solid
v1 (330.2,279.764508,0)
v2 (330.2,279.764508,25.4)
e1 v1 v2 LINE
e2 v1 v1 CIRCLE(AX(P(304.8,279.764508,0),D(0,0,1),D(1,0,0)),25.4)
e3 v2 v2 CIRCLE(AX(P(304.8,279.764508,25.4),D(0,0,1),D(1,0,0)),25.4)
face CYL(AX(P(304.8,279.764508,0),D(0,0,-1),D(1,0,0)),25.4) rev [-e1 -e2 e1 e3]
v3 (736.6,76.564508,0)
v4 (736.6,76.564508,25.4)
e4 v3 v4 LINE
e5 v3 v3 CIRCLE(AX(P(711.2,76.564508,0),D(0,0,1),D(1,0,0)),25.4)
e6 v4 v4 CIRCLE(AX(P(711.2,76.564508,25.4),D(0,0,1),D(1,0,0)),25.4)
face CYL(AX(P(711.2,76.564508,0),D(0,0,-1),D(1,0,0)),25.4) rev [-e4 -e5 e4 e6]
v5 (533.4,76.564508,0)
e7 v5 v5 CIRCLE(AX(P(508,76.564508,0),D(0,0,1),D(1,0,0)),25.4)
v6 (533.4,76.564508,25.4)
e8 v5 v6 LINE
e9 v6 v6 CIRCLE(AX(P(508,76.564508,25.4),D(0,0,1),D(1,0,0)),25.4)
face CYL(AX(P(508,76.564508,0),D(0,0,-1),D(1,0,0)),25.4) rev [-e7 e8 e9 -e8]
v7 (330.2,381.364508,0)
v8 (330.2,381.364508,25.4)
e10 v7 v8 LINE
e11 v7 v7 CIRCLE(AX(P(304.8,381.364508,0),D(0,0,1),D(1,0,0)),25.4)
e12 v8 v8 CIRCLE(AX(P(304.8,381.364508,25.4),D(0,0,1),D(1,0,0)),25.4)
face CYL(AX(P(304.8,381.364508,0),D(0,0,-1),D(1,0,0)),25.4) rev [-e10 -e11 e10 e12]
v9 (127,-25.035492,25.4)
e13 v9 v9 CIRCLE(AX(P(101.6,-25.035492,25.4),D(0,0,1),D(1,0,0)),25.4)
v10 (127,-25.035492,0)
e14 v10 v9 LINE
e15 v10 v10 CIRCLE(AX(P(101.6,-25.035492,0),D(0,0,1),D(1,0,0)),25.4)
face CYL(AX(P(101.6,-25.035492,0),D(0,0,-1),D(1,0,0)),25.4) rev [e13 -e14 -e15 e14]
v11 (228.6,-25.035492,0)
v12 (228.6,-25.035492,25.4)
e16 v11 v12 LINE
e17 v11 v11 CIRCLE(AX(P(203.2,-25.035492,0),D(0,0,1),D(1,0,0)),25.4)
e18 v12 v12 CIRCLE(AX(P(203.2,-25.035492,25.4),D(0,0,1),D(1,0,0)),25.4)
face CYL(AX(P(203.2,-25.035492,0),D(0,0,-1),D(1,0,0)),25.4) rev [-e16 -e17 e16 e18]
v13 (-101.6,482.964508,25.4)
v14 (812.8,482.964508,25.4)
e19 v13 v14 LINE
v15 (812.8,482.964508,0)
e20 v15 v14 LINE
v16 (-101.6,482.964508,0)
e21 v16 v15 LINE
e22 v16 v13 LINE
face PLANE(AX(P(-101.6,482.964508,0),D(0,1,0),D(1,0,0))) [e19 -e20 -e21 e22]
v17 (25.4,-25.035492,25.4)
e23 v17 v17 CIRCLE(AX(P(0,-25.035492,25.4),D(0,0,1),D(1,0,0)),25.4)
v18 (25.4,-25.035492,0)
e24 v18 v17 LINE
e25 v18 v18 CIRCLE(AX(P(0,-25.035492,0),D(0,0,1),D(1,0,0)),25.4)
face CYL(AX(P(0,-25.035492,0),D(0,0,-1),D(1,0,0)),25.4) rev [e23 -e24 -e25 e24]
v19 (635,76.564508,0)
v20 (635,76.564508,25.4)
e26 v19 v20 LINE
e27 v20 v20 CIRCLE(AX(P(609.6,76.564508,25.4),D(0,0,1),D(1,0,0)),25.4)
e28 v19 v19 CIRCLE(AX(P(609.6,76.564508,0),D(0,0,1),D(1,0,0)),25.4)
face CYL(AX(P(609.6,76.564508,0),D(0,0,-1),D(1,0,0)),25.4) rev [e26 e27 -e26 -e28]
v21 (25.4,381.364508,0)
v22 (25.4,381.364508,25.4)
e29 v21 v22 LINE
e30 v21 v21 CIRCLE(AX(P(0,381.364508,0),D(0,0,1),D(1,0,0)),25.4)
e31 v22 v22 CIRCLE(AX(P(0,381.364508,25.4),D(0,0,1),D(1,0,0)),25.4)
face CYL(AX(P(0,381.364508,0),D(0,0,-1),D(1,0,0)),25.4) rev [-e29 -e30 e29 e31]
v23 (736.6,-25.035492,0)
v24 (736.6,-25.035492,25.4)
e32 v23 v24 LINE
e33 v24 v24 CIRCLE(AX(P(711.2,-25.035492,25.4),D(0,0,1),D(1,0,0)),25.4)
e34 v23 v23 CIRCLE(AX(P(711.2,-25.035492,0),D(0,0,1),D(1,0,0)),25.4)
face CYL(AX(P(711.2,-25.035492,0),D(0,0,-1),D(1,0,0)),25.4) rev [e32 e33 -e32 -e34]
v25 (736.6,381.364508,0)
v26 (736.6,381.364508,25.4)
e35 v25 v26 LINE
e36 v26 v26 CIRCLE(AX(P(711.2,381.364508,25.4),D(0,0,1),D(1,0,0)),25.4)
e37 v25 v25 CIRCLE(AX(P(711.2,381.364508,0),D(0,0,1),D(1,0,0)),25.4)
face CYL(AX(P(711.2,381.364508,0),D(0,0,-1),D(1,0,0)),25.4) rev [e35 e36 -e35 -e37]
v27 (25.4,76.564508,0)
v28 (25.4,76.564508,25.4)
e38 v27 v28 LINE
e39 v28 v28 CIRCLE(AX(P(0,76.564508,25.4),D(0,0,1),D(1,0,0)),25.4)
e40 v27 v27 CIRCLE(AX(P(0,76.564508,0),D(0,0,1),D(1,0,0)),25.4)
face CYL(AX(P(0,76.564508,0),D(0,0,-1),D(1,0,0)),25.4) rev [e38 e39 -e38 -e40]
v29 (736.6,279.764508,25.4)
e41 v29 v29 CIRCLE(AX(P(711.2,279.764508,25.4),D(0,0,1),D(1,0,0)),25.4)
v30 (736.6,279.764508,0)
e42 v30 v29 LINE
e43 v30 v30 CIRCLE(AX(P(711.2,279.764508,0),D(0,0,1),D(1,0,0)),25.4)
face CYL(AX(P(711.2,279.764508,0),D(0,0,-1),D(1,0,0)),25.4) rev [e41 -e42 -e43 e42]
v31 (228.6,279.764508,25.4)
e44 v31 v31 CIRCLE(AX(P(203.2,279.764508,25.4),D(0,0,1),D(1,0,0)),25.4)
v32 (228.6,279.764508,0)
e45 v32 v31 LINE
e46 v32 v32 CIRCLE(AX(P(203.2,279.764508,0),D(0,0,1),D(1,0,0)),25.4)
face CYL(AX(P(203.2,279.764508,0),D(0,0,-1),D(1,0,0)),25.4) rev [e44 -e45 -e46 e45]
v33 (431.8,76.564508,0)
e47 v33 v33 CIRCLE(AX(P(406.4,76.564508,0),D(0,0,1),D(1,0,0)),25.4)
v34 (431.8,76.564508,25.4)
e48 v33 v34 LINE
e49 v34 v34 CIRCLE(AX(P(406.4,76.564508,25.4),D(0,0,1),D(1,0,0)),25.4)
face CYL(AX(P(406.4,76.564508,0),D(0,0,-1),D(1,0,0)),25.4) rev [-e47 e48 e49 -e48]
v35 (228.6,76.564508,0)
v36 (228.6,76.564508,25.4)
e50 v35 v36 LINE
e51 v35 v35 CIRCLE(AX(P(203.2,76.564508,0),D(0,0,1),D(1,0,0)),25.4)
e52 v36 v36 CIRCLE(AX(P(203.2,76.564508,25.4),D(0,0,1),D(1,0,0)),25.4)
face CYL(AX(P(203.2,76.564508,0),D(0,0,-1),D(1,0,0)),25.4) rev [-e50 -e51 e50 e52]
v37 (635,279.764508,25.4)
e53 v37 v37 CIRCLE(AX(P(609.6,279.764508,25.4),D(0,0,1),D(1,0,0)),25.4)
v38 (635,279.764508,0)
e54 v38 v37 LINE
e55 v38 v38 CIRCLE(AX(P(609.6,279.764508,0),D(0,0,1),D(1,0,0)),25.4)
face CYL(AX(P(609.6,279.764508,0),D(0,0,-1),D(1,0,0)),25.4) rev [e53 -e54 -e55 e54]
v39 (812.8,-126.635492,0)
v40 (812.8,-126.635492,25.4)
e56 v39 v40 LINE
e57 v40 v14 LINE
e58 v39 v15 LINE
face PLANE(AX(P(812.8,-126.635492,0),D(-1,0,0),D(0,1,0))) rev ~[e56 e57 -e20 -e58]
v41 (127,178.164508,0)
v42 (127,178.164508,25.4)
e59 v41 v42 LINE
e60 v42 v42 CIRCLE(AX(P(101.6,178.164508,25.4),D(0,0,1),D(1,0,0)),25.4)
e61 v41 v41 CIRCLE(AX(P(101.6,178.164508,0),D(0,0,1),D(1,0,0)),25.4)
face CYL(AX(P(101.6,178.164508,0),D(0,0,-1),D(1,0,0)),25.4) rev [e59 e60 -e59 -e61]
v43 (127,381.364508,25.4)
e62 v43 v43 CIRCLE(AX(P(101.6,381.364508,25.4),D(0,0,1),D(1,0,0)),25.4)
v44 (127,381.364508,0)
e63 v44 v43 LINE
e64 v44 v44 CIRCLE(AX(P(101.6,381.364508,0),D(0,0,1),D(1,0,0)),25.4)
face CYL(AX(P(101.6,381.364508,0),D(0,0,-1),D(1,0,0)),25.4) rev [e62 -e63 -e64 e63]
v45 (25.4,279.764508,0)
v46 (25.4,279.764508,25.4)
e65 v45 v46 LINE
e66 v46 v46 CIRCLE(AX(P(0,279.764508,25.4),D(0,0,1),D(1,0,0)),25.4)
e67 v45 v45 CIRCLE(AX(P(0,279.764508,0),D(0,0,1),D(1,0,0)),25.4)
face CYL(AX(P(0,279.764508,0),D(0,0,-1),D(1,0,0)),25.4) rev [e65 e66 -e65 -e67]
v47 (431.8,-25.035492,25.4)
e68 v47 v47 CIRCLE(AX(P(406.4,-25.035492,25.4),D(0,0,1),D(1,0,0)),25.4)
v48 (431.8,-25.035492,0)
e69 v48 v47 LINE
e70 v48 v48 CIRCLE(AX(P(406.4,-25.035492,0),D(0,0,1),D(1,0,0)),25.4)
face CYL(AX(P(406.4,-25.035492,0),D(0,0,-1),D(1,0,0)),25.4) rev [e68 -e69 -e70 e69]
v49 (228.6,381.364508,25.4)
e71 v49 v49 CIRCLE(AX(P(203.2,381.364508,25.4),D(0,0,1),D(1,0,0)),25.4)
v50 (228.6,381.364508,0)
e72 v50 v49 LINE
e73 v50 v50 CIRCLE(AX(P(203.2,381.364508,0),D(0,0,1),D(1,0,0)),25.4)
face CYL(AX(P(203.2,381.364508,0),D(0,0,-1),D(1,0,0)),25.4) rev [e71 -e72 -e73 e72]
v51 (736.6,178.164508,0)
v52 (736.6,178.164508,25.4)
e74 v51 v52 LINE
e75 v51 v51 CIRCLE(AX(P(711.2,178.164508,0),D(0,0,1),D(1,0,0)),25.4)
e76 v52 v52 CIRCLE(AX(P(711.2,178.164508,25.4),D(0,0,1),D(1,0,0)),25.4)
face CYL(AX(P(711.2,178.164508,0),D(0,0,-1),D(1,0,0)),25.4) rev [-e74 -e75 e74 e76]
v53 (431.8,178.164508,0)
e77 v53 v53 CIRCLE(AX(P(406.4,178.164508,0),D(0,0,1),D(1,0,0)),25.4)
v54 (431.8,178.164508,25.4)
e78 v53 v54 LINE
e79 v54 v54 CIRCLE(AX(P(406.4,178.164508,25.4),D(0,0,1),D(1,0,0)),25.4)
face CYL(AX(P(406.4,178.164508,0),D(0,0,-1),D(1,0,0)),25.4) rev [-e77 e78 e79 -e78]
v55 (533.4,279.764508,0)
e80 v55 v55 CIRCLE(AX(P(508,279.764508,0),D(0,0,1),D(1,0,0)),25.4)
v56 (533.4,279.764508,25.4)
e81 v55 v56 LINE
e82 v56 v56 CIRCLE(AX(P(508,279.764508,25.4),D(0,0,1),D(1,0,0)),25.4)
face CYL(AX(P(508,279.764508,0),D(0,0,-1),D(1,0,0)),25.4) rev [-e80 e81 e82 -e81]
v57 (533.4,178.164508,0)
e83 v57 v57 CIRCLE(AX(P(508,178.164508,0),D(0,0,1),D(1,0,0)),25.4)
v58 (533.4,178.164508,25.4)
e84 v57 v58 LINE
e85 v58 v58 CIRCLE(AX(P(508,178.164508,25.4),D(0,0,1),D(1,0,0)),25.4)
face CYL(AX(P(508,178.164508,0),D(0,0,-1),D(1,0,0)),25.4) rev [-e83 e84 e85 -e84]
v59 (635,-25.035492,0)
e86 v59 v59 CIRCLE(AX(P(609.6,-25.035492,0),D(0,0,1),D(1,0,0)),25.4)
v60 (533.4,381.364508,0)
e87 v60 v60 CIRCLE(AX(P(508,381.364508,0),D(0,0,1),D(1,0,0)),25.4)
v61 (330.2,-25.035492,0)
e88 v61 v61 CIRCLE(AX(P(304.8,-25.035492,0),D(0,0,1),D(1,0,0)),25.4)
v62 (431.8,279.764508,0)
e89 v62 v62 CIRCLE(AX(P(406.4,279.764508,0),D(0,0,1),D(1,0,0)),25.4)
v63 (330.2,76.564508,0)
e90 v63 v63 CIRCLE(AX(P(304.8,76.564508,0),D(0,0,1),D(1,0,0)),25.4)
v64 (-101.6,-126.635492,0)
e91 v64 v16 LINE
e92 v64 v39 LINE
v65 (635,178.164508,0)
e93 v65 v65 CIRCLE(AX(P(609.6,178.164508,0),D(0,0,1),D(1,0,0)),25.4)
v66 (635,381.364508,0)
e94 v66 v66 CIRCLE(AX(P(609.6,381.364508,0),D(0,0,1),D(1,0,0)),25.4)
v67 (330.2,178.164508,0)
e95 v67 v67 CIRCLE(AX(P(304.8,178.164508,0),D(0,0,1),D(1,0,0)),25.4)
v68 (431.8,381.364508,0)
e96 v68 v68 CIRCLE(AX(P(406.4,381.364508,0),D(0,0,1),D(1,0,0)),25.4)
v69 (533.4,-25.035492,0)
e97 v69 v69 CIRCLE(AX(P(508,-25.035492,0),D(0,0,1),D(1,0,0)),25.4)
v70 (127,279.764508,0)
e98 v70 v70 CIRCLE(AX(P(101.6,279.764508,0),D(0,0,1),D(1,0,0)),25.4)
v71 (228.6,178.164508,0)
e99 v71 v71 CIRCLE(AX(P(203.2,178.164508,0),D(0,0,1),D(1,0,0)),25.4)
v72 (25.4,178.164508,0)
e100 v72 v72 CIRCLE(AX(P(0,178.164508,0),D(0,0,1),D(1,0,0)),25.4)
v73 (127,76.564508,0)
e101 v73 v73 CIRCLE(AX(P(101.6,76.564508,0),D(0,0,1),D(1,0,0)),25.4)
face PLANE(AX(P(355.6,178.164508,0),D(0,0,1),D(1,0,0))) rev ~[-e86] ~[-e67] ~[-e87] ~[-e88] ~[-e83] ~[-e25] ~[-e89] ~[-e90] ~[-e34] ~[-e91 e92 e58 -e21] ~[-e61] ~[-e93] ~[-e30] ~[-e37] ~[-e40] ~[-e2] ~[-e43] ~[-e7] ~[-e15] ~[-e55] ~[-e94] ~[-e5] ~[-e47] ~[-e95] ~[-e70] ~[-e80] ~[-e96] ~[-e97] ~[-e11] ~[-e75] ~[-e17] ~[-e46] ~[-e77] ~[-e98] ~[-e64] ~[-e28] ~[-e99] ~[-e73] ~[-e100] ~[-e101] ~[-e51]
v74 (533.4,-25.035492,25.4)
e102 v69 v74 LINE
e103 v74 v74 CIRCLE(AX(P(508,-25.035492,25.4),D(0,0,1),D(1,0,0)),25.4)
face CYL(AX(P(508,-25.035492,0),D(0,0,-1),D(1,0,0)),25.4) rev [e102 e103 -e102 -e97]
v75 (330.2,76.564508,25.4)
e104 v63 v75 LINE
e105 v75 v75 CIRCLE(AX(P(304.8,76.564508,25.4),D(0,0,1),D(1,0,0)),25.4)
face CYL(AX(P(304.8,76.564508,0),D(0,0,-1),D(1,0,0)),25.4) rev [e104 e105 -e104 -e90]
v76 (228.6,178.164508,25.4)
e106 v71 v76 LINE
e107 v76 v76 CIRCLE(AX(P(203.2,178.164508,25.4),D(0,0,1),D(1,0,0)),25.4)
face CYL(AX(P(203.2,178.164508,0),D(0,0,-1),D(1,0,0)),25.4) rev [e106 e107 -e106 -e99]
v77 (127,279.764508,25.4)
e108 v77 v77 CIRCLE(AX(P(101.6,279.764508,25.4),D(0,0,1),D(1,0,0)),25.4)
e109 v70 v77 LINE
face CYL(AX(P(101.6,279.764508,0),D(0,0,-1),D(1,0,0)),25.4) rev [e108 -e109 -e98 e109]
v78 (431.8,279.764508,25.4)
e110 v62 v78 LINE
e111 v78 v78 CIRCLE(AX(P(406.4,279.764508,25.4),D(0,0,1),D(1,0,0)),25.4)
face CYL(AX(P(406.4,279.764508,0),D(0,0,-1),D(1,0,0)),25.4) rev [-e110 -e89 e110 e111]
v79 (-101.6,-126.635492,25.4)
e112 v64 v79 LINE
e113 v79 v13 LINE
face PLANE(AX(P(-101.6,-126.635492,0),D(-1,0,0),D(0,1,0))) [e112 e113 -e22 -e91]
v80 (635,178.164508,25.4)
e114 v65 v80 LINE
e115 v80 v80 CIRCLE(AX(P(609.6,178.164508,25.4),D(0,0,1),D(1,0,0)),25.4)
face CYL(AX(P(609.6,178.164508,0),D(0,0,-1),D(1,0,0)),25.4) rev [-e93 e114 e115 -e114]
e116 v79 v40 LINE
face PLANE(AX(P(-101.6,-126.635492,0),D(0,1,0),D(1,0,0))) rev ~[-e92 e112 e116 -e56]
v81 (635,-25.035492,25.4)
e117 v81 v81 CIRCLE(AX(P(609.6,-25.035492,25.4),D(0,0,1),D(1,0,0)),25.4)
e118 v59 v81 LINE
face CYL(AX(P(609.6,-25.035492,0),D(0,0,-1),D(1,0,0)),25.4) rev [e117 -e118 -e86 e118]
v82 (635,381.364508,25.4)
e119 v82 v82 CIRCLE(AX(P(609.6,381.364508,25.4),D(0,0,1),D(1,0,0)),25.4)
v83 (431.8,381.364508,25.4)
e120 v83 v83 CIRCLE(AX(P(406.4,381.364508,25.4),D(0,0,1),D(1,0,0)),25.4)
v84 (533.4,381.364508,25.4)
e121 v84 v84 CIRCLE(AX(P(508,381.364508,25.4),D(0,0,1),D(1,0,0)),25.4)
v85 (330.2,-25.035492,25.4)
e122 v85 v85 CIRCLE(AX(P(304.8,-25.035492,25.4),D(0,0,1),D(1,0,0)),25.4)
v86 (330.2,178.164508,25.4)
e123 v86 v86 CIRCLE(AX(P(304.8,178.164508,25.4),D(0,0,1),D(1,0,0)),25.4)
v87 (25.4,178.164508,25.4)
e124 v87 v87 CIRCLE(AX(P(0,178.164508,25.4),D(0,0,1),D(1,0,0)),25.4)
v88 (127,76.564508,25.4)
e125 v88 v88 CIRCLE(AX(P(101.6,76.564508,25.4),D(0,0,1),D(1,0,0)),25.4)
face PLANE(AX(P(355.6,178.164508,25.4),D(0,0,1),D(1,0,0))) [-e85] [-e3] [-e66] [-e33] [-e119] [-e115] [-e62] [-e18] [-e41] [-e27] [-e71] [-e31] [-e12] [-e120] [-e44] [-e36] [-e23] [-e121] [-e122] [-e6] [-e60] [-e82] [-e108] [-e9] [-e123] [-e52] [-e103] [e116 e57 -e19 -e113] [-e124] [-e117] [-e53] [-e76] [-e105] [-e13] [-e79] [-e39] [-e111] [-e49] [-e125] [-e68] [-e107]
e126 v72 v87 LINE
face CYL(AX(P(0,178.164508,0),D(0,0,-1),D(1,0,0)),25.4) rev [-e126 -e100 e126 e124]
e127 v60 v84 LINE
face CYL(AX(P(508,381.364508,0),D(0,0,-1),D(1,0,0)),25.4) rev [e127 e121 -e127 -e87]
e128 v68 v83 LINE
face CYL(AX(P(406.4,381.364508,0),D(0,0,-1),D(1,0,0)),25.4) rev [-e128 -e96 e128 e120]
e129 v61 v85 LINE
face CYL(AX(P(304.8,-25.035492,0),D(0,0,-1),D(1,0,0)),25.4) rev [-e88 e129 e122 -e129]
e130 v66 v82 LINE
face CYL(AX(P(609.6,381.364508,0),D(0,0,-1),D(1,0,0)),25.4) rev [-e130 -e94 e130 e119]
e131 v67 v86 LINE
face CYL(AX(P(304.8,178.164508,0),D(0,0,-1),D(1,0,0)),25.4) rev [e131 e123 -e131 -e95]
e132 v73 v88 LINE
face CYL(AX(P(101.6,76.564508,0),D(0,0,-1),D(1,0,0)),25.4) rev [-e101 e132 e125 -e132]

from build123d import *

# Parameters (mm, degrees)
F0_W     = 914.4
F0_H     = 609.6
F0_R     = 25.4
F1_DEPTH = 25.4


with BuildPart() as f1:
    # F0 (on Top) → F1 (new body)
    with BuildSketch(Plane.XY):
        with Locations((355.6, 178.164508)):
            Rectangle(F0_W, F0_H)
        with Locations((0, -25.035492)):
            Circle(F0_R, mode=Mode.SUBTRACT)
        with Locations((101.6, -25.035492)):
            Circle(F0_R, mode=Mode.SUBTRACT)
        with Locations((203.2, -25.035492)):
            Circle(F0_R, mode=Mode.SUBTRACT)
        with Locations((304.8, -25.035492)):
            Circle(F0_R, mode=Mode.SUBTRACT)
        with Locations((0, 76.564508)):
            Circle(F0_R, mode=Mode.SUBTRACT)
        with Locations((101.6, 76.564508)):
            Circle(F0_R, mode=Mode.SUBTRACT)
        with Locations((0, 178.164508)):
            Circle(F0_R, mode=Mode.SUBTRACT)
        with Locations((101.6, 178.164508)):
            Circle(F0_R, mode=Mode.SUBTRACT)
        with Locations((203.2, 76.564508)):
            Circle(F0_R, mode=Mode.SUBTRACT)
        with Locations((304.8, 76.564508)):
            Circle(F0_R, mode=Mode.SUBTRACT)
        with Locations((203.2, 178.164508)):
            Circle(F0_R, mode=Mode.SUBTRACT)
        with Locations((406.4, -25.035492)):
            Circle(F0_R, mode=Mode.SUBTRACT)
        with Locations((508, -25.035492)):
            Circle(F0_R, mode=Mode.SUBTRACT)
        with Locations((609.6, -25.035492)):
            Circle(F0_R, mode=Mode.SUBTRACT)
        with Locations((711.2, -25.035492)):
            Circle(F0_R, mode=Mode.SUBTRACT)
        with Locations((406.4, 76.564508)):
            Circle(F0_R, mode=Mode.SUBTRACT)
        with Locations((508, 76.564508)):
            Circle(F0_R, mode=Mode.SUBTRACT)
        with Locations((406.4, 178.164508)):
            Circle(F0_R, mode=Mode.SUBTRACT)
        with Locations((508, 178.164508)):
            Circle(F0_R, mode=Mode.SUBTRACT)
        with Locations((609.6, 76.564508)):
            Circle(F0_R, mode=Mode.SUBTRACT)
        with Locations((711.2, 76.564508)):
            Circle(F0_R, mode=Mode.SUBTRACT)
        with Locations((0, 279.764508)):
            Circle(F0_R, mode=Mode.SUBTRACT)
        with Locations((101.6, 279.764508)):
            Circle(F0_R, mode=Mode.SUBTRACT)
        with Locations((304.8, 178.164508)):
            Circle(F0_R, mode=Mode.SUBTRACT)
        with Locations((203.2, 279.764508)):
            Circle(F0_R, mode=Mode.SUBTRACT)
        with Locations((304.8, 279.764508)):
            Circle(F0_R, mode=Mode.SUBTRACT)
        with Locations((0, 381.364508)):
            Circle(F0_R, mode=Mode.SUBTRACT)
        with Locations((101.6, 381.364508)):
            Circle(F0_R, mode=Mode.SUBTRACT)
        with Locations((203.2, 381.364508)):
            Circle(F0_R, mode=Mode.SUBTRACT)
        with Locations((304.8, 381.364508)):
            Circle(F0_R, mode=Mode.SUBTRACT)
        with Locations((406.4, 279.764508)):
            Circle(F0_R, mode=Mode.SUBTRACT)
        with Locations((508, 279.764508)):
            Circle(F0_R, mode=Mode.SUBTRACT)
        with Locations((609.6, 178.164508)):
            Circle(F0_R, mode=Mode.SUBTRACT)
        with Locations((711.2, 178.164508)):
            Circle(F0_R, mode=Mode.SUBTRACT)
        with Locations((609.6, 279.764508)):
            Circle(F0_R, mode=Mode.SUBTRACT)
        with Locations((711.2, 279.764508)):
            Circle(F0_R, mode=Mode.SUBTRACT)
        with Locations((406.4, 381.364508)):
            Circle(F0_R, mode=Mode.SUBTRACT)
        with Locations((508, 381.364508)):
            Circle(F0_R, mode=Mode.SUBTRACT)
        with Locations((609.6, 381.364508)):
            Circle(F0_R, mode=Mode.SUBTRACT)
        with Locations((711.2, 381.364508)):
            Circle(F0_R, mode=Mode.SUBTRACT)
    extrude(amount=F1_DEPTH)


solid = f1.part
